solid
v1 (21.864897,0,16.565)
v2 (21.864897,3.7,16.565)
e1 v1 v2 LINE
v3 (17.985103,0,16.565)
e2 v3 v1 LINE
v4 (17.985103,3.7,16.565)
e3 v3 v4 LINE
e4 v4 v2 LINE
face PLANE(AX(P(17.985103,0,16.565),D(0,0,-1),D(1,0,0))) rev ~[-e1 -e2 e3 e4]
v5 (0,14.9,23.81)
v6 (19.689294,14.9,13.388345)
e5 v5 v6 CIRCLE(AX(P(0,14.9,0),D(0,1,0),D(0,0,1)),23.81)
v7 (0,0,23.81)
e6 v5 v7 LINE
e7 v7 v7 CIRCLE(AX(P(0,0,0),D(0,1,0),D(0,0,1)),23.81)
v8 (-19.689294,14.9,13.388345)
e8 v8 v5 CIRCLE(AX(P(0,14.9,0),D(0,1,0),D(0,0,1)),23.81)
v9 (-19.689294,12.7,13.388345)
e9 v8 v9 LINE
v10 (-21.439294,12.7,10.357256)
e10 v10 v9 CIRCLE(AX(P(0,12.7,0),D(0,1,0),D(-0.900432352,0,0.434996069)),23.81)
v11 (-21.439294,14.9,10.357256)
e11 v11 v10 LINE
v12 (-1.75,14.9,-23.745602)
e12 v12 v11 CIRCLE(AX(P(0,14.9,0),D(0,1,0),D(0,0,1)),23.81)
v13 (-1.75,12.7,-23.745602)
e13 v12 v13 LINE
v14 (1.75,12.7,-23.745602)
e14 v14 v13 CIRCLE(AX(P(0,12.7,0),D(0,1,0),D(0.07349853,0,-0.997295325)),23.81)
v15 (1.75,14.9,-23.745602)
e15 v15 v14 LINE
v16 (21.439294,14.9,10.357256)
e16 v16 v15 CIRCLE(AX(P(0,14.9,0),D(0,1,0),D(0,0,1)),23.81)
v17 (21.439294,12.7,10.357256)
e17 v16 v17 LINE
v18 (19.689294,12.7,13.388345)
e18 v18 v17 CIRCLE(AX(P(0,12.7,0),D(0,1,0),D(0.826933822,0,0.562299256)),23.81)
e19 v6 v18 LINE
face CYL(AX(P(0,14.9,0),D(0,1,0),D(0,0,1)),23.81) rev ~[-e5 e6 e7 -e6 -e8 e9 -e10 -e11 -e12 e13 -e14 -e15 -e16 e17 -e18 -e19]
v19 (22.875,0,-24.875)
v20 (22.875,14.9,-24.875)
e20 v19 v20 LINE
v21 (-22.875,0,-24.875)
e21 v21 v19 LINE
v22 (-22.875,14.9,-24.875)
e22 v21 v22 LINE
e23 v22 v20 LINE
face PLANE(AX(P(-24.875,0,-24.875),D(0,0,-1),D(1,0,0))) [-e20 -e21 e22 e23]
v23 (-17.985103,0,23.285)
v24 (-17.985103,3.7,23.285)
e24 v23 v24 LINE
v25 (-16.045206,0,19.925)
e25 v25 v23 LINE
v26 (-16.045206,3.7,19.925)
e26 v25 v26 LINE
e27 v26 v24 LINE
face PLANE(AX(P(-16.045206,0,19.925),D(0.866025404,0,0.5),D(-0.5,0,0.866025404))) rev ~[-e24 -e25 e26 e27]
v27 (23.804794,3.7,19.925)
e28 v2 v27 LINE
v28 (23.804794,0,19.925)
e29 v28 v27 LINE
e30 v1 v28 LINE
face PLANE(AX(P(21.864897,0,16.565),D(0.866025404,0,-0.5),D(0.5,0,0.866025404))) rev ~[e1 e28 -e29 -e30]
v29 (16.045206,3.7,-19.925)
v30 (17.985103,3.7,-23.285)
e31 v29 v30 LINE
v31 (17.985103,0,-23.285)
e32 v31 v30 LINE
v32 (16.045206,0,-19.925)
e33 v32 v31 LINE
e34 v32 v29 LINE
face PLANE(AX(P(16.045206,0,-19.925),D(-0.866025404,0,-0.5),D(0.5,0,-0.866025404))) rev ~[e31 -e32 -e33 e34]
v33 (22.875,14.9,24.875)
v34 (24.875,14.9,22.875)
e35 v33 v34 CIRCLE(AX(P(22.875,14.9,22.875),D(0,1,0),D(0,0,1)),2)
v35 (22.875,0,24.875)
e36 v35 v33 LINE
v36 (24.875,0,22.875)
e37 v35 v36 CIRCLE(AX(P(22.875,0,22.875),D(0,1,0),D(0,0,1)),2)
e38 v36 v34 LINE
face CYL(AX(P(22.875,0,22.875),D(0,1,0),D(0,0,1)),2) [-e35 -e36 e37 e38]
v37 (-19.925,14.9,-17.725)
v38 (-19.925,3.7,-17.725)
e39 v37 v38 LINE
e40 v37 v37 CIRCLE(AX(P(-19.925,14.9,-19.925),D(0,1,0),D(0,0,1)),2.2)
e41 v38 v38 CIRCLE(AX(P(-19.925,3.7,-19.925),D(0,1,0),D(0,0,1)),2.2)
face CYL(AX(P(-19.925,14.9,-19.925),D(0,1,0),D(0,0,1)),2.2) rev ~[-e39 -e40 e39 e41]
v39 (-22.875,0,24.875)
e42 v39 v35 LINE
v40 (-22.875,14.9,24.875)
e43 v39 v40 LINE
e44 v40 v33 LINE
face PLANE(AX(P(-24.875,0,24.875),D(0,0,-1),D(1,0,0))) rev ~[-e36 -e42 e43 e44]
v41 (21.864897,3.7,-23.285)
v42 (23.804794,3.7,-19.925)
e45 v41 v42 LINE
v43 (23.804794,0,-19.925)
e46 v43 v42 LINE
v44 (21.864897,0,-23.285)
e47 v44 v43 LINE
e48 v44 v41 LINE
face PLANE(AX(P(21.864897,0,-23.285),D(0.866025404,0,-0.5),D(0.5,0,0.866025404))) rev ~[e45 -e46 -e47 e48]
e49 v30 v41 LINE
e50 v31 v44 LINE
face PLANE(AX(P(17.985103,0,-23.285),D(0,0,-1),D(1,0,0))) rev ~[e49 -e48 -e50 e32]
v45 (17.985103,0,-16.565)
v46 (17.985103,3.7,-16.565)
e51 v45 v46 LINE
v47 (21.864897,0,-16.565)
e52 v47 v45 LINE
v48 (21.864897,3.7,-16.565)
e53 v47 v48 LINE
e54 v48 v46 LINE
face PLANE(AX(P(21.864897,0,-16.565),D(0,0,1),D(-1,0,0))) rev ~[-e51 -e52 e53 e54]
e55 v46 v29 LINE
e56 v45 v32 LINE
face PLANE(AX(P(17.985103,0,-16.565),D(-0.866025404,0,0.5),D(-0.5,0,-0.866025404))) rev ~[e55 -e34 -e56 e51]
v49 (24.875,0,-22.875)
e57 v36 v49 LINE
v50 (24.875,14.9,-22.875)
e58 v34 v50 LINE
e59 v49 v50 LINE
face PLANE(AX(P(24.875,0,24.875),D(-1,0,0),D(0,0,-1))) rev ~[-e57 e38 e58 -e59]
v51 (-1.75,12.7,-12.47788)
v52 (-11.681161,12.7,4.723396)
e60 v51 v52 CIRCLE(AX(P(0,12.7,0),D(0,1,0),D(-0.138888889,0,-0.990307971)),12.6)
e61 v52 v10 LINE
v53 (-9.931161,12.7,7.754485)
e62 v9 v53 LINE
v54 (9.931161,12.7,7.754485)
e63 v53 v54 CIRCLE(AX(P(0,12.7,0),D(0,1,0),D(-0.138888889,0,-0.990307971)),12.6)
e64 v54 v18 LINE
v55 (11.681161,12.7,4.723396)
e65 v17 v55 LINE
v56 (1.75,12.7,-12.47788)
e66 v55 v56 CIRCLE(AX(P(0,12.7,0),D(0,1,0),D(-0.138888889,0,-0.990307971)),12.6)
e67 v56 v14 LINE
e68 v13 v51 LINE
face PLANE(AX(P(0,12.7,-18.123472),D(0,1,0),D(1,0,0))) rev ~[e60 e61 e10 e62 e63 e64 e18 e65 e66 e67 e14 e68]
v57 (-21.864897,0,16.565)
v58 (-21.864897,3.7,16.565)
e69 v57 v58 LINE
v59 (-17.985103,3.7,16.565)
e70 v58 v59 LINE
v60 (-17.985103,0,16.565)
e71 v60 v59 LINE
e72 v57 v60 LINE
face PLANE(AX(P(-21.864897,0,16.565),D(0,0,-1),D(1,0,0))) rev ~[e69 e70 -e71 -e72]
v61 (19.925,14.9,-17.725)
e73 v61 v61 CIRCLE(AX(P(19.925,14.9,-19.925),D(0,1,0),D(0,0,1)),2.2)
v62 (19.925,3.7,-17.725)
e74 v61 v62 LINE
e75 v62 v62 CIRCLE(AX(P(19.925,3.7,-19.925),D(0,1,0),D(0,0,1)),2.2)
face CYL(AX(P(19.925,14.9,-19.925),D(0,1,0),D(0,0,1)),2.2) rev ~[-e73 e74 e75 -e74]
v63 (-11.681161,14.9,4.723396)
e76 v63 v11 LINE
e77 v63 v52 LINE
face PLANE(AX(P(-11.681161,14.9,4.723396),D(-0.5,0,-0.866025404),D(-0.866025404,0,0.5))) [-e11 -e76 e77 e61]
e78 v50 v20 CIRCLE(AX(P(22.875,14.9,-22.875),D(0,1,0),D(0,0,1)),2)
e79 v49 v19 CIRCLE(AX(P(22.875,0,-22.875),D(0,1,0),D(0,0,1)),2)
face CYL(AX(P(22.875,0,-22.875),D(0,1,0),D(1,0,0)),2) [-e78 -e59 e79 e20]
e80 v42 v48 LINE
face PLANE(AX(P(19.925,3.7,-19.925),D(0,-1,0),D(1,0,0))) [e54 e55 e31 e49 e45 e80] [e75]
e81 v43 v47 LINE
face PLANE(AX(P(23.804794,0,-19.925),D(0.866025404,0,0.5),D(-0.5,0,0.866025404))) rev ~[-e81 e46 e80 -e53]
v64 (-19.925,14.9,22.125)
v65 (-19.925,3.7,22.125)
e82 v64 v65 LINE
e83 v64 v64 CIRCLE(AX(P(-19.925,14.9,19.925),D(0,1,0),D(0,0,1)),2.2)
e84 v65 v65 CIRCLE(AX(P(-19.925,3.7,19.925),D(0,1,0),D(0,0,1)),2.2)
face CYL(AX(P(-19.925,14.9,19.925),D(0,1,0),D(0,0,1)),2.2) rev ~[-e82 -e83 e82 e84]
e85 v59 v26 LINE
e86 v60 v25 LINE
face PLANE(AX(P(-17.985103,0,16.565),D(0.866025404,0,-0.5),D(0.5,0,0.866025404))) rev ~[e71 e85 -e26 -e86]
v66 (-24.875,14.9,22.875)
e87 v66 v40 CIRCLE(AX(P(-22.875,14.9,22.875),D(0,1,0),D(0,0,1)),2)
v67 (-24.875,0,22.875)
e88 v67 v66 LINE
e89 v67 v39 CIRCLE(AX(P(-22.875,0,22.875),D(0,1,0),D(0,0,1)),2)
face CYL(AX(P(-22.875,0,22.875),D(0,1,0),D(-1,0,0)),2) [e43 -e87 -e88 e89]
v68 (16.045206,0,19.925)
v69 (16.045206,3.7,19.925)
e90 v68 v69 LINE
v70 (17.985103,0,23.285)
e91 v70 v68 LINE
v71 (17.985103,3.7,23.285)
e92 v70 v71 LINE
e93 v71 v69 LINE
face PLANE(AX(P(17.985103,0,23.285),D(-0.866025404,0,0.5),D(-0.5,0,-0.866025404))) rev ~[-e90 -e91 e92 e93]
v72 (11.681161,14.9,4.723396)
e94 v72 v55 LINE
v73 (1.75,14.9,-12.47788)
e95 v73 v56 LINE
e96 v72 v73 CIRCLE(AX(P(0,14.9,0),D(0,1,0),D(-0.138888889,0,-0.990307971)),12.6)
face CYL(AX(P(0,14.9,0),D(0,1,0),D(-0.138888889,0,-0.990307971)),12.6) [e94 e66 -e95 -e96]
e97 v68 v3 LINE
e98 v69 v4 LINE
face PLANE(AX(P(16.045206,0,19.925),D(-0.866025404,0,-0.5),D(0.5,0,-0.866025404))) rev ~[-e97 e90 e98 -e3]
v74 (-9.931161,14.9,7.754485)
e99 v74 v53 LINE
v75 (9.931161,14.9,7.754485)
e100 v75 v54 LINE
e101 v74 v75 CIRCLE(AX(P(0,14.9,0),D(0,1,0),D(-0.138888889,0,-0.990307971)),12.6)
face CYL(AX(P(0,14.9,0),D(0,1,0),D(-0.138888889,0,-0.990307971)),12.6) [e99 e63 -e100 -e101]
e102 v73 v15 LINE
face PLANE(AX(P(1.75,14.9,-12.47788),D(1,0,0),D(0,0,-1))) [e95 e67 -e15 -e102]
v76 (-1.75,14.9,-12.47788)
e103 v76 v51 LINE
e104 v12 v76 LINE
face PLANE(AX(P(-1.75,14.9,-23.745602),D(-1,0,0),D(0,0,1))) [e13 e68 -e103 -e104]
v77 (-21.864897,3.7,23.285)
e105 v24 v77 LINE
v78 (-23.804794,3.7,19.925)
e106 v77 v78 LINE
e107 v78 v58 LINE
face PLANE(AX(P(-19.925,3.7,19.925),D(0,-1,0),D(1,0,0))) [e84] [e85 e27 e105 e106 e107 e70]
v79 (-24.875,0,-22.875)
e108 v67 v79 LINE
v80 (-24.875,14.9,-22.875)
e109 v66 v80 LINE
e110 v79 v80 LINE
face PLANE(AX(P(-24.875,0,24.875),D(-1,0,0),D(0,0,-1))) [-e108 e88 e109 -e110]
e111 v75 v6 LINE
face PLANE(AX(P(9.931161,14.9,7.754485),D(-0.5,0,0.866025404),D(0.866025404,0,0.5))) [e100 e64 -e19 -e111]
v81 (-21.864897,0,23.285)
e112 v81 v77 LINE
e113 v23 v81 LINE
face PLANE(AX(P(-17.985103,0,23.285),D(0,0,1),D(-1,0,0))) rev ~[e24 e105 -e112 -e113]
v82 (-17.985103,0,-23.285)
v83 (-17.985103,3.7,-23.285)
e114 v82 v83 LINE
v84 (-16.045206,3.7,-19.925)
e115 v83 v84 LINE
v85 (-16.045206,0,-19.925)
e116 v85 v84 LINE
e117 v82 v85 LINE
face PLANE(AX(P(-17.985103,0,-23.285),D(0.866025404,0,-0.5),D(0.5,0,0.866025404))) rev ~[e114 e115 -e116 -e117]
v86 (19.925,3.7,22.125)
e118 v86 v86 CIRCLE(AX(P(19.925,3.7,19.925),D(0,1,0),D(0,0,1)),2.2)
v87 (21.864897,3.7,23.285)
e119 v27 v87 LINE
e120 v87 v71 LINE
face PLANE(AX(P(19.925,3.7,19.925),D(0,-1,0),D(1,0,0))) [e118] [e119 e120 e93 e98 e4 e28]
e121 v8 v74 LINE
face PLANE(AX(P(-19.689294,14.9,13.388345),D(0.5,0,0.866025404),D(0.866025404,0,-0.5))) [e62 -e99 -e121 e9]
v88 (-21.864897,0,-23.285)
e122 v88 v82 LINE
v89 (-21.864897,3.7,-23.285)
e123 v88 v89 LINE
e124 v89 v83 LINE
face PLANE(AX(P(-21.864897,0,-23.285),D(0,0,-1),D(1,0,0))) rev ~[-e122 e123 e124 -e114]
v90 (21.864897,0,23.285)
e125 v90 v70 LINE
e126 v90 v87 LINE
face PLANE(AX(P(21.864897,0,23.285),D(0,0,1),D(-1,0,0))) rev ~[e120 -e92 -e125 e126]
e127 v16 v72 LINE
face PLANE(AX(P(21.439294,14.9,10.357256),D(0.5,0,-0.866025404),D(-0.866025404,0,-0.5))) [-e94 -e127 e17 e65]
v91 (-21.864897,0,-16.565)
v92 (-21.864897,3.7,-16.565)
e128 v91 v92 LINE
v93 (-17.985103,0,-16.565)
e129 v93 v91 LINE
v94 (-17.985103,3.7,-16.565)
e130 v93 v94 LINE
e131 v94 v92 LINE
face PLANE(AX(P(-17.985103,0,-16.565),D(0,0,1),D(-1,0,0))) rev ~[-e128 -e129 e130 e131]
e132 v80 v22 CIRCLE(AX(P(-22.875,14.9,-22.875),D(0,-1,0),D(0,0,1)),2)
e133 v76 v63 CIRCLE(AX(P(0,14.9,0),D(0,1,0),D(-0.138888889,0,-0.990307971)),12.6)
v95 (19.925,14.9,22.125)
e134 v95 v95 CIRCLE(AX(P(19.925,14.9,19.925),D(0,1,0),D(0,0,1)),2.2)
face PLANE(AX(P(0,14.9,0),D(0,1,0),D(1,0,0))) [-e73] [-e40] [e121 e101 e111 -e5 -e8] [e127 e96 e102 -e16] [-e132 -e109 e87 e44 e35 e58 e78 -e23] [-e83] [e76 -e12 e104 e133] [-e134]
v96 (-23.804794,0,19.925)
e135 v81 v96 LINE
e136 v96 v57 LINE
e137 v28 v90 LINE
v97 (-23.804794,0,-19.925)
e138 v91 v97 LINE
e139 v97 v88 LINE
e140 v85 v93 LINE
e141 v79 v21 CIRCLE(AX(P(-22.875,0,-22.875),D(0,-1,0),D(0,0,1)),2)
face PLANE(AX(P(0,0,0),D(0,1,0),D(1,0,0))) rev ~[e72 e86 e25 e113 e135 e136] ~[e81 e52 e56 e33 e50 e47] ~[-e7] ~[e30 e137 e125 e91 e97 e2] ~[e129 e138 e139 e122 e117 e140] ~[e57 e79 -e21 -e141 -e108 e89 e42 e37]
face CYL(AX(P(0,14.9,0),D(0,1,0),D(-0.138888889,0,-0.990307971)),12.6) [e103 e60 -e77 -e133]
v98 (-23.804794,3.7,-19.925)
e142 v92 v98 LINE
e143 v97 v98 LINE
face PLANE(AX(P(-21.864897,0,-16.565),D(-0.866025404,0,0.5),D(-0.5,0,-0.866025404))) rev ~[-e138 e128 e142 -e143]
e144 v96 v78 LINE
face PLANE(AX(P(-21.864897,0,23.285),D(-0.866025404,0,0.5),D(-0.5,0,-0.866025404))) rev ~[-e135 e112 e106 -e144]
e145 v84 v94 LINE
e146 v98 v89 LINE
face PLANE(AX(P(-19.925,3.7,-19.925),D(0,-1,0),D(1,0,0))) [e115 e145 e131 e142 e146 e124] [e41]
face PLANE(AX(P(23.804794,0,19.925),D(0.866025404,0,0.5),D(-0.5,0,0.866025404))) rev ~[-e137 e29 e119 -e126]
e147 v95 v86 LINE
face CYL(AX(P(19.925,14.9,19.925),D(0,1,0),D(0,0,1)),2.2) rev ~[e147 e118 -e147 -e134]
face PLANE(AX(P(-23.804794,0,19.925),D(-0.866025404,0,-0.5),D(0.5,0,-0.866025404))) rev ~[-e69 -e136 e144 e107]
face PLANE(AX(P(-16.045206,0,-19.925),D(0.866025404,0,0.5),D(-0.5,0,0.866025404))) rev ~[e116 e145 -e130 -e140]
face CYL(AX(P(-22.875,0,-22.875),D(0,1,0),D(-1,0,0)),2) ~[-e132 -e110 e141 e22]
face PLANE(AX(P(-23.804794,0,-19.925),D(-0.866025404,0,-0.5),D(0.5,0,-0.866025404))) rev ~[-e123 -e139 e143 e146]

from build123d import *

# Parameters (mm, degrees)
SKETCH1_W           = 49.75
SKETCH1_H           = 49.75
BOSS_EXTRUDE1_DEPTH = 14.9
FILLET1_R           = 2
SKETCH2_R           = 2.2
CUT_EXTRUDE1_DEPTH  = 14.9
CUT_EXTRUDE2_DEPTH  = 3.7
SKETCH4_R           = 23.81
CUT_EXTRUDE3_DEPTH  = 39.203942859
SKETCH5_R           = 12.6
BOSS_EXTRUDE2_DEPTH = 2.2


with BuildPart() as part:
    # Sketch1 → Boss-Extrude1 (new body)
    with BuildSketch(Plane(origin=(0, 0, 0), x_dir=(1, 0, 0), z_dir=(0, 1, 0))):
        Rectangle(SKETCH1_W, SKETCH1_H)
    extrude(amount=BOSS_EXTRUDE1_DEPTH)

    # Fillet1
    fillet1_edges = [part.edges().sort_by_distance(p)[0] for p in [
        (24.875, 7.45, 24.875),
        (-24.875, 7.45, 24.875),
        (-24.875, 7.45, -24.875),
        (24.875, 7.45, -24.875),
    ]]
    fillet(fillet1_edges, radius=FILLET1_R)

    # Sketch2 → Cut-Extrude1 (cut)
    with BuildSketch(Plane(origin=(0, 14.9, 0), x_dir=(1, 0, 0), z_dir=(0, 1, 0))):
        with Locations(Location((-19.925, 19.925, 0), (0, 0, 270))):
            Circle(SKETCH2_R)
        with Locations(Location((19.925, 19.925, 0), (0, 0, 270))):
            Circle(SKETCH2_R)
        with Locations(Location((19.925, -19.925, 0), (0, 0, 270))):
            Circle(SKETCH2_R)
        with Locations(Location((-19.925, -19.925, 0), (0, 0, 270))):
            Circle(SKETCH2_R)
    extrude(amount=-CUT_EXTRUDE1_DEPTH, mode=Mode.SUBTRACT)

    # Sketch3 → Cut-Extrude2 (cut)
    with BuildSketch(Plane.XZ):
        Polygon((-17.985103096, 23.285), (-21.864896904, 23.285), (-23.804793809, 19.925), (-21.864896904, 16.565), (-17.985103096, 16.565), (-16.045206191, 19.925), align=None)
        Polygon((17.985103096, 23.285), (16.045206191, 19.925), (17.985103096, 16.565), (21.864896904, 16.565), (23.804793809, 19.925), (21.864896904, 23.285), align=None)
        Polygon((17.985103096, -16.565), (16.045206191, -19.925), (17.985103096, -23.285), (21.864896904, -23.285), (23.804793809, -19.925), (21.864896904, -16.565), align=None)
        Polygon((-21.864896904, -16.565), (-23.804793809, -19.925), (-21.864896904, -23.285), (-17.985103096, -23.285), (-16.045206191, -19.925), (-17.985103096, -16.565), align=None)
    extrude(amount=-CUT_EXTRUDE2_DEPTH, mode=Mode.SUBTRACT)

    # Sketch4 → Cut-Extrude3 (cut, through all)
    with BuildSketch(Plane(origin=(0, 14.9, 0), x_dir=(1, 0, 0), z_dir=(0, 1, 0))):
        with Locations(Location((0, 0, 0), (0, 0, 270))):
            Circle(SKETCH4_R)
    extrude(amount=-CUT_EXTRUDE3_DEPTH, mode=Mode.SUBTRACT)

    # Sketch5 → Boss-Extrude2 (add)
    with BuildSketch(Plane(origin=(0, 14.9, 0), x_dir=(1, 0, 0), z_dir=(0, 1, 0))):
        with BuildLine():
            ThreePointArc((-1.75, 12.477880429), (0, 12.6), (1.75, 12.477880429))
            Line((1.75, 12.477880429), (1.75, 23.745601698))
            ThreePointArc((1.75, 23.745601698), (0, 23.81), (-1.75, 23.745601698))
            Line((-1.75, 23.745601698), (-1.75, 12.477880429))
        make_face()
        Circle(SKETCH5_R)
        with BuildLine():
            ThreePointArc((-9.931161437, -7.754484671), (-10.911920088, -6.3), (-11.681161437, -4.723395758))
            Line((-11.681161437, -4.723395758), (-21.439294299, -10.357256392))
            ThreePointArc((-21.439294299, -10.357256392), (-20.620064864, -11.905), (-19.689294299, -13.388345306))
            Line((-19.689294299, -13.388345306), (-9.931161437, -7.754484671))
        make_face()
        with BuildLine():
            Line((21.439294299, -10.357256392), (11.681161437, -4.723395758))
            ThreePointArc((11.681161437, -4.723395758), (10.911920088, -6.3), (9.931161437, -7.754484671))
            Line((9.931161437, -7.754484671), (19.689294299, -13.388345306))
            ThreePointArc((19.689294299, -13.388345306), (20.620064864, -11.905), (21.439294299, -10.357256392))
        make_face()
    extrude(amount=-BOSS_EXTRUDE2_DEPTH)


solid = part.part
